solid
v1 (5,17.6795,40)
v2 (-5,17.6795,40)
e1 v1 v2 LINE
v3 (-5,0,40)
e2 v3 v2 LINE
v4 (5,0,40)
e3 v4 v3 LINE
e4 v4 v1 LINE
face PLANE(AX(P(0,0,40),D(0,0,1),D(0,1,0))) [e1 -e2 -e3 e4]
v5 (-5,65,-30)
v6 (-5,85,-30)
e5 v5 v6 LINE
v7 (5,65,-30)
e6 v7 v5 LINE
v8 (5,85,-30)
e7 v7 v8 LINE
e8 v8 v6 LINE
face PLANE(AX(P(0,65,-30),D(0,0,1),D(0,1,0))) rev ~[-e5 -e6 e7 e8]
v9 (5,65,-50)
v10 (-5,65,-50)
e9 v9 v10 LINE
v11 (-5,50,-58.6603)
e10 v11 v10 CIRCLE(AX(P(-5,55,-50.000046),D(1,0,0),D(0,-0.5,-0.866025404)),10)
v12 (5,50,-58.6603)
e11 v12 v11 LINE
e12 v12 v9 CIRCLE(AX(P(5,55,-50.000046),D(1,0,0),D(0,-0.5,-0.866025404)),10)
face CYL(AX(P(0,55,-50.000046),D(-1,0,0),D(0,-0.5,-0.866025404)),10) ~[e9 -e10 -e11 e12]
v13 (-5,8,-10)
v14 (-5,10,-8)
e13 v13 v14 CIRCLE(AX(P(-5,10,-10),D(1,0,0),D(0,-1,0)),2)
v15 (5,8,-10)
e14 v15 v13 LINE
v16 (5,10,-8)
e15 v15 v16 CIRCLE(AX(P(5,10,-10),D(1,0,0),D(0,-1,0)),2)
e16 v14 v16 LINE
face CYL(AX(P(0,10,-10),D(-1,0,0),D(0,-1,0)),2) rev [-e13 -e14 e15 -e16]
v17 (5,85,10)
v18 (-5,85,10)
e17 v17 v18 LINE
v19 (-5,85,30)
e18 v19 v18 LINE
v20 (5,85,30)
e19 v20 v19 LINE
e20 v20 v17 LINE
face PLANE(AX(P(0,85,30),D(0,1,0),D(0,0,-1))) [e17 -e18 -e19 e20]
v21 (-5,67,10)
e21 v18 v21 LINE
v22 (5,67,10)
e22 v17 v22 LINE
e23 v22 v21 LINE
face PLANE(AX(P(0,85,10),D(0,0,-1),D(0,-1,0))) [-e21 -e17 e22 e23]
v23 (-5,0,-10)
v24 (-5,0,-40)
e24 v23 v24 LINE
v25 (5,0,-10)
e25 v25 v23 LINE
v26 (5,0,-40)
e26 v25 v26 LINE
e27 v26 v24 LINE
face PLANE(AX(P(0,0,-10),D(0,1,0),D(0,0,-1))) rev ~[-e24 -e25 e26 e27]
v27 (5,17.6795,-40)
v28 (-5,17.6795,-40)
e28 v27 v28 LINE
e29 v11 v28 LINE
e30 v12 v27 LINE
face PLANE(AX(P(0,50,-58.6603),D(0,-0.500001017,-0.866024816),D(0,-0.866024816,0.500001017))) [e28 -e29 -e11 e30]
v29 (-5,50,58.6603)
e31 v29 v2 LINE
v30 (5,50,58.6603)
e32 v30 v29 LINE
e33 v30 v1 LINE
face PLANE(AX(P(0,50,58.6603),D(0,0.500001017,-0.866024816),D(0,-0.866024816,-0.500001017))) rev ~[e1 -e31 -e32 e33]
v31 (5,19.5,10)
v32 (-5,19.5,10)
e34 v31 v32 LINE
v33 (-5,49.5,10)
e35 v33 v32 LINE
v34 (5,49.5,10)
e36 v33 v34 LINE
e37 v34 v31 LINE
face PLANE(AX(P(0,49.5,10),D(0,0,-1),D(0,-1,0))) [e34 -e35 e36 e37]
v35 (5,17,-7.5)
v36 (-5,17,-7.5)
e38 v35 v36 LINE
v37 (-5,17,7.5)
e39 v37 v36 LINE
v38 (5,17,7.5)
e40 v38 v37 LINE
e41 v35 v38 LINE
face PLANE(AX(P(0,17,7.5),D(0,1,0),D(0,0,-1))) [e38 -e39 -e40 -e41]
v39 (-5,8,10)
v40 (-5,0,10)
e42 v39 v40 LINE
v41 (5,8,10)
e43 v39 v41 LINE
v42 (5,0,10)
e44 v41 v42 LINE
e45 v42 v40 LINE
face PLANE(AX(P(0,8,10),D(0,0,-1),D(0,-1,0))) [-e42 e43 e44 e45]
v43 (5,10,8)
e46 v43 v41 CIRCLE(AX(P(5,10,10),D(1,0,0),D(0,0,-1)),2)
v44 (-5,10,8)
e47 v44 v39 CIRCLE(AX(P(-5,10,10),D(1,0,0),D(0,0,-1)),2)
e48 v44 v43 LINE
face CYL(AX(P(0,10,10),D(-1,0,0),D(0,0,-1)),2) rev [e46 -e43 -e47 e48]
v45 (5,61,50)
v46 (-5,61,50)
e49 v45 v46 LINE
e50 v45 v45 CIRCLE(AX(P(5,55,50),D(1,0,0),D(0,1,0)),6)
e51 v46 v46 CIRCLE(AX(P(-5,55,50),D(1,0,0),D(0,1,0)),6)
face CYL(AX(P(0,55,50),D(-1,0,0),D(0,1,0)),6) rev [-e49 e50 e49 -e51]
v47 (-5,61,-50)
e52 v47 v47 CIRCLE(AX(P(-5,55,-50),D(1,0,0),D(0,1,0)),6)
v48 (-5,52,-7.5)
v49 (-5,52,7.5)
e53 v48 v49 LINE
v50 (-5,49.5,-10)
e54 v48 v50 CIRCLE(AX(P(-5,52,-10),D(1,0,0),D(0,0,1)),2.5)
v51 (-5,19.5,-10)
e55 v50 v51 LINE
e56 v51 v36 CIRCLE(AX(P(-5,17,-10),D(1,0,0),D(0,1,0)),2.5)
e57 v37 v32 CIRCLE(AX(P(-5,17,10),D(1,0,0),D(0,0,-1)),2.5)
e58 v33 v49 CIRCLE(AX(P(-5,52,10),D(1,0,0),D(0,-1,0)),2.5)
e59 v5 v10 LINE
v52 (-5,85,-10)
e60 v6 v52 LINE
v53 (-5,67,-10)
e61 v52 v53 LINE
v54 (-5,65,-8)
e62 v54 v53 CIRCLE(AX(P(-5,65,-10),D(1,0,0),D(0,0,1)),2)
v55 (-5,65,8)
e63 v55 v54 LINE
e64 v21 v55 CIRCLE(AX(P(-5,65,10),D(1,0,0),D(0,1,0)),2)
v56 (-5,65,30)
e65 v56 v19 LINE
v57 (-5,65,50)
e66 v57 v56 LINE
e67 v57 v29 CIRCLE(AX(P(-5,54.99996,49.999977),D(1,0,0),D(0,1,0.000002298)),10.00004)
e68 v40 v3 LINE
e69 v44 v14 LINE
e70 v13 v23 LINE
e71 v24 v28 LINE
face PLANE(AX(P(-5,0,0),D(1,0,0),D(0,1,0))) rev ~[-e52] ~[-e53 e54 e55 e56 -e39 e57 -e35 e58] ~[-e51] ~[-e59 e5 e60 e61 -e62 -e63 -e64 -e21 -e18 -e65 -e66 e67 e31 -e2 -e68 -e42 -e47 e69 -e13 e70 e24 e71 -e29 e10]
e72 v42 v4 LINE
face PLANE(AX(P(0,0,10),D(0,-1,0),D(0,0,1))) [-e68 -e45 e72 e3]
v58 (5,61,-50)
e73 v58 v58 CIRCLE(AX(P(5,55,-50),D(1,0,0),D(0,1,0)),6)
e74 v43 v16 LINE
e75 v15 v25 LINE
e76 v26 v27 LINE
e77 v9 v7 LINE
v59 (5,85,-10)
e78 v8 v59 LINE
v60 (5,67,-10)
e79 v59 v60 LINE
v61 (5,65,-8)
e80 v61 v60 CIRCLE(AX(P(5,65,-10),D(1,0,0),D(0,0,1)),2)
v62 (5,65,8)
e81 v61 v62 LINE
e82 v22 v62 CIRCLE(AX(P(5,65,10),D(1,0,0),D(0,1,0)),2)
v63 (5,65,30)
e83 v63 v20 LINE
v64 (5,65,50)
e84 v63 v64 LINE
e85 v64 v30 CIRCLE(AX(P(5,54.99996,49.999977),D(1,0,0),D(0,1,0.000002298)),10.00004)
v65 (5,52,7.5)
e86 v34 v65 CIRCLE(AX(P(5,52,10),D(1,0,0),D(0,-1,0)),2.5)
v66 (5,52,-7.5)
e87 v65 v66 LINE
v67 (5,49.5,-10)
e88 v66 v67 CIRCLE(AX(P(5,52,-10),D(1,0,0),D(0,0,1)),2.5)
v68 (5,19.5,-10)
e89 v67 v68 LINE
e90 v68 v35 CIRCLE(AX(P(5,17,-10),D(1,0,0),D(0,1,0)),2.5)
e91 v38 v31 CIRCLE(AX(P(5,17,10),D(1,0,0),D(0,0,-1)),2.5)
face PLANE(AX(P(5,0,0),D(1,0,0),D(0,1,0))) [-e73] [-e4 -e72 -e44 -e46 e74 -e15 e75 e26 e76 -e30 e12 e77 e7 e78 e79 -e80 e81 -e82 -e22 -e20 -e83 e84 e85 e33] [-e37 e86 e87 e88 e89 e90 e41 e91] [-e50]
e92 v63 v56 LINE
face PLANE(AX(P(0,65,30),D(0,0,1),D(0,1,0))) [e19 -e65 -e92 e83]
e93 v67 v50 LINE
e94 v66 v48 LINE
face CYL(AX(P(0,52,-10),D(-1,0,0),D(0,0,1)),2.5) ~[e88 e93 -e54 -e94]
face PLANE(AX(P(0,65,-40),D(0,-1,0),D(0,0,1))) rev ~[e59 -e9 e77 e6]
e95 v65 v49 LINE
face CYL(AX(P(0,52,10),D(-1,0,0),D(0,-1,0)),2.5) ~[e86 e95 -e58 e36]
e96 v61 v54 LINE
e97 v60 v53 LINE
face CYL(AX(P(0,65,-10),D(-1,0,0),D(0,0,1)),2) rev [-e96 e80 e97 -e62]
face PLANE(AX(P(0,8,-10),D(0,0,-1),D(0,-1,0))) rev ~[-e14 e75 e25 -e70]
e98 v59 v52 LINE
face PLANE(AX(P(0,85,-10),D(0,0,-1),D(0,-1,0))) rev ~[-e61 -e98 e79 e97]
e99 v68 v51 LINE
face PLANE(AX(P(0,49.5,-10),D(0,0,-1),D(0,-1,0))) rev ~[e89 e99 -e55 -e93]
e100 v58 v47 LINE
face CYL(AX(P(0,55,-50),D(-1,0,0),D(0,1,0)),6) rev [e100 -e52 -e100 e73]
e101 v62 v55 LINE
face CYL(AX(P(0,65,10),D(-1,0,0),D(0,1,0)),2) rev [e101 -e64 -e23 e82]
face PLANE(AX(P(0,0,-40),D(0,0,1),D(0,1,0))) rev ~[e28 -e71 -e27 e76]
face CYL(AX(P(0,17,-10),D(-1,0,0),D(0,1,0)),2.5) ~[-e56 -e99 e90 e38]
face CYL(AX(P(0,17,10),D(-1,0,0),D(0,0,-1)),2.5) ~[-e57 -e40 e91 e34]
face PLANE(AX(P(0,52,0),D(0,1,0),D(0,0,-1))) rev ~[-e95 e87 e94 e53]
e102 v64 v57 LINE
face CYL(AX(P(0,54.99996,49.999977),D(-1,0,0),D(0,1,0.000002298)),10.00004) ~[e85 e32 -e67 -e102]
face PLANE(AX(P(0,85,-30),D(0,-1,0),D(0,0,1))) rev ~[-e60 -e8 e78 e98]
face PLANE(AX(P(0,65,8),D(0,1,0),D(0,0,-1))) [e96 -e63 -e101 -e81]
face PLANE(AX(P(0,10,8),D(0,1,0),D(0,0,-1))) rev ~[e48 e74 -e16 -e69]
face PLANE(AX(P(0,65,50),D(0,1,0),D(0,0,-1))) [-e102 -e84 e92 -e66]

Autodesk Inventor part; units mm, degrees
ref_plane "YZ Plane" through (0, 0, 0) normal (1, 0, 0) x (0, 1, 0)
ref_plane "XZ Plane" through (0, 0, 0) normal (0, 1, 0) x (-1, 0, 0)
ref_plane "XY Plane" through (0, 0, 0) normal (0, 0, 1) x (1, 0, 0)
sketch "Sketch1" plane through (0, 0, 0) normal (1, 0, 0) x (0, 1, 0)
  line L0 (8, 10) -> (0, 10)
  line L1 (0, 10) -> (0, 40)
  line L2 (0, 40) -> (17.6795, 40)
  arc A0 (65, 50) -> (50, 58.6603) centre (55, 50) ccw
  line L3 (65, 50) -> (65, 40)
  line L4 (61.5, 0) -> (66, 0)
  line L5 (65, 40) -> (65, 30)
  line L6 (65, 30) -> (85, 30)
  line L7 (85, 30) -> (85, 10)
  line L8 (10, 8) -> (10, 0)
  line L9 (50, 58.6603) -> (17.6795, 40)
  circle A1 centre (55, 50) radius 6
  line L10 (85, 10) -> (67, 10)
  line L11 (65, 8) -> (65, 0)
  line L12 (49.5, 10) -> (19.5, 10)
  line L13 (17, 7.5) -> (17, 0)
  line L14 (17, 0) -> (52, 0)
  line L15 (52, 0) -> (52, 7.5)
  arc A2 (67, 10) -> (65, 8) centre (65, 10) ccw
  arc A3 (49.5, 10) -> (52, 7.5) centre (52, 10) ccw
  arc A4 (17, 7.5) -> (19.5, 10) centre (17, 10) ccw
  arc A5 (10, 8) -> (8, 10) centre (10, 10) ccw
  line L16 (65, -40) -> (65, -30)
  arc A6 (52, -7.5) -> (49.5, -10) centre (52, -10) ccw
  line L17 (52, 0) -> (52, -7.5)
  line L18 (65, -50) -> (65, -40)
  arc A7 (50, -58.6603) -> (65, -50) centre (55, -50) ccw
  line L19 (49.5, -10) -> (19.5, -10)
  line L20 (50, -58.6603) -> (17.6795, -40)
  arc A8 (19.5, -10) -> (17, -7.5) centre (17, -10) ccw
  circle A9 centre (55, -50) radius 6
  line L21 (8, -10) -> (0, -10)
  line L22 (0, -10) -> (0, -40)
  line L23 (0, -40) -> (17.6795, -40)
  line L24 (17, -7.5) -> (17, 0)
  arc A10 (8, -10) -> (10, -8) centre (10, -10) ccw
  line L25 (10, -8) -> (10, 0)
  line L26 (65, -30) -> (85, -30)
  line L27 (85, -30) -> (85, -10)
  line L28 (65, -8) -> (65, 0)
  arc A11 (65, -8) -> (67, -10) centre (65, -10) ccw
  line L29 (85, -10) -> (67, -10)
  line L30 (17.6795, 40) -> (28.4601, 40)
  point P0 (0, 0)
  point P1 (0, 0)
  dimension "d21" = 35
  dimension "d22" = 55
  dimension "d23" = 85
  dimension "d24" = 12
  dimension "d25" = 2.5
  dimension "d26" = 20
  dimension "d27" = 80
  dimension "d28" = 20
  dimension "d29" = 100
  dimension "d32" = 30
sketch "Sketch2" plane through (0, 0, 0) normal (1, 0, 0) x (0, 1, 0)
  point P0 (0, 0)
extrude "Extrusion1" add sketch "Sketch1" along normal mid plane 10
properties part number "hw8"
